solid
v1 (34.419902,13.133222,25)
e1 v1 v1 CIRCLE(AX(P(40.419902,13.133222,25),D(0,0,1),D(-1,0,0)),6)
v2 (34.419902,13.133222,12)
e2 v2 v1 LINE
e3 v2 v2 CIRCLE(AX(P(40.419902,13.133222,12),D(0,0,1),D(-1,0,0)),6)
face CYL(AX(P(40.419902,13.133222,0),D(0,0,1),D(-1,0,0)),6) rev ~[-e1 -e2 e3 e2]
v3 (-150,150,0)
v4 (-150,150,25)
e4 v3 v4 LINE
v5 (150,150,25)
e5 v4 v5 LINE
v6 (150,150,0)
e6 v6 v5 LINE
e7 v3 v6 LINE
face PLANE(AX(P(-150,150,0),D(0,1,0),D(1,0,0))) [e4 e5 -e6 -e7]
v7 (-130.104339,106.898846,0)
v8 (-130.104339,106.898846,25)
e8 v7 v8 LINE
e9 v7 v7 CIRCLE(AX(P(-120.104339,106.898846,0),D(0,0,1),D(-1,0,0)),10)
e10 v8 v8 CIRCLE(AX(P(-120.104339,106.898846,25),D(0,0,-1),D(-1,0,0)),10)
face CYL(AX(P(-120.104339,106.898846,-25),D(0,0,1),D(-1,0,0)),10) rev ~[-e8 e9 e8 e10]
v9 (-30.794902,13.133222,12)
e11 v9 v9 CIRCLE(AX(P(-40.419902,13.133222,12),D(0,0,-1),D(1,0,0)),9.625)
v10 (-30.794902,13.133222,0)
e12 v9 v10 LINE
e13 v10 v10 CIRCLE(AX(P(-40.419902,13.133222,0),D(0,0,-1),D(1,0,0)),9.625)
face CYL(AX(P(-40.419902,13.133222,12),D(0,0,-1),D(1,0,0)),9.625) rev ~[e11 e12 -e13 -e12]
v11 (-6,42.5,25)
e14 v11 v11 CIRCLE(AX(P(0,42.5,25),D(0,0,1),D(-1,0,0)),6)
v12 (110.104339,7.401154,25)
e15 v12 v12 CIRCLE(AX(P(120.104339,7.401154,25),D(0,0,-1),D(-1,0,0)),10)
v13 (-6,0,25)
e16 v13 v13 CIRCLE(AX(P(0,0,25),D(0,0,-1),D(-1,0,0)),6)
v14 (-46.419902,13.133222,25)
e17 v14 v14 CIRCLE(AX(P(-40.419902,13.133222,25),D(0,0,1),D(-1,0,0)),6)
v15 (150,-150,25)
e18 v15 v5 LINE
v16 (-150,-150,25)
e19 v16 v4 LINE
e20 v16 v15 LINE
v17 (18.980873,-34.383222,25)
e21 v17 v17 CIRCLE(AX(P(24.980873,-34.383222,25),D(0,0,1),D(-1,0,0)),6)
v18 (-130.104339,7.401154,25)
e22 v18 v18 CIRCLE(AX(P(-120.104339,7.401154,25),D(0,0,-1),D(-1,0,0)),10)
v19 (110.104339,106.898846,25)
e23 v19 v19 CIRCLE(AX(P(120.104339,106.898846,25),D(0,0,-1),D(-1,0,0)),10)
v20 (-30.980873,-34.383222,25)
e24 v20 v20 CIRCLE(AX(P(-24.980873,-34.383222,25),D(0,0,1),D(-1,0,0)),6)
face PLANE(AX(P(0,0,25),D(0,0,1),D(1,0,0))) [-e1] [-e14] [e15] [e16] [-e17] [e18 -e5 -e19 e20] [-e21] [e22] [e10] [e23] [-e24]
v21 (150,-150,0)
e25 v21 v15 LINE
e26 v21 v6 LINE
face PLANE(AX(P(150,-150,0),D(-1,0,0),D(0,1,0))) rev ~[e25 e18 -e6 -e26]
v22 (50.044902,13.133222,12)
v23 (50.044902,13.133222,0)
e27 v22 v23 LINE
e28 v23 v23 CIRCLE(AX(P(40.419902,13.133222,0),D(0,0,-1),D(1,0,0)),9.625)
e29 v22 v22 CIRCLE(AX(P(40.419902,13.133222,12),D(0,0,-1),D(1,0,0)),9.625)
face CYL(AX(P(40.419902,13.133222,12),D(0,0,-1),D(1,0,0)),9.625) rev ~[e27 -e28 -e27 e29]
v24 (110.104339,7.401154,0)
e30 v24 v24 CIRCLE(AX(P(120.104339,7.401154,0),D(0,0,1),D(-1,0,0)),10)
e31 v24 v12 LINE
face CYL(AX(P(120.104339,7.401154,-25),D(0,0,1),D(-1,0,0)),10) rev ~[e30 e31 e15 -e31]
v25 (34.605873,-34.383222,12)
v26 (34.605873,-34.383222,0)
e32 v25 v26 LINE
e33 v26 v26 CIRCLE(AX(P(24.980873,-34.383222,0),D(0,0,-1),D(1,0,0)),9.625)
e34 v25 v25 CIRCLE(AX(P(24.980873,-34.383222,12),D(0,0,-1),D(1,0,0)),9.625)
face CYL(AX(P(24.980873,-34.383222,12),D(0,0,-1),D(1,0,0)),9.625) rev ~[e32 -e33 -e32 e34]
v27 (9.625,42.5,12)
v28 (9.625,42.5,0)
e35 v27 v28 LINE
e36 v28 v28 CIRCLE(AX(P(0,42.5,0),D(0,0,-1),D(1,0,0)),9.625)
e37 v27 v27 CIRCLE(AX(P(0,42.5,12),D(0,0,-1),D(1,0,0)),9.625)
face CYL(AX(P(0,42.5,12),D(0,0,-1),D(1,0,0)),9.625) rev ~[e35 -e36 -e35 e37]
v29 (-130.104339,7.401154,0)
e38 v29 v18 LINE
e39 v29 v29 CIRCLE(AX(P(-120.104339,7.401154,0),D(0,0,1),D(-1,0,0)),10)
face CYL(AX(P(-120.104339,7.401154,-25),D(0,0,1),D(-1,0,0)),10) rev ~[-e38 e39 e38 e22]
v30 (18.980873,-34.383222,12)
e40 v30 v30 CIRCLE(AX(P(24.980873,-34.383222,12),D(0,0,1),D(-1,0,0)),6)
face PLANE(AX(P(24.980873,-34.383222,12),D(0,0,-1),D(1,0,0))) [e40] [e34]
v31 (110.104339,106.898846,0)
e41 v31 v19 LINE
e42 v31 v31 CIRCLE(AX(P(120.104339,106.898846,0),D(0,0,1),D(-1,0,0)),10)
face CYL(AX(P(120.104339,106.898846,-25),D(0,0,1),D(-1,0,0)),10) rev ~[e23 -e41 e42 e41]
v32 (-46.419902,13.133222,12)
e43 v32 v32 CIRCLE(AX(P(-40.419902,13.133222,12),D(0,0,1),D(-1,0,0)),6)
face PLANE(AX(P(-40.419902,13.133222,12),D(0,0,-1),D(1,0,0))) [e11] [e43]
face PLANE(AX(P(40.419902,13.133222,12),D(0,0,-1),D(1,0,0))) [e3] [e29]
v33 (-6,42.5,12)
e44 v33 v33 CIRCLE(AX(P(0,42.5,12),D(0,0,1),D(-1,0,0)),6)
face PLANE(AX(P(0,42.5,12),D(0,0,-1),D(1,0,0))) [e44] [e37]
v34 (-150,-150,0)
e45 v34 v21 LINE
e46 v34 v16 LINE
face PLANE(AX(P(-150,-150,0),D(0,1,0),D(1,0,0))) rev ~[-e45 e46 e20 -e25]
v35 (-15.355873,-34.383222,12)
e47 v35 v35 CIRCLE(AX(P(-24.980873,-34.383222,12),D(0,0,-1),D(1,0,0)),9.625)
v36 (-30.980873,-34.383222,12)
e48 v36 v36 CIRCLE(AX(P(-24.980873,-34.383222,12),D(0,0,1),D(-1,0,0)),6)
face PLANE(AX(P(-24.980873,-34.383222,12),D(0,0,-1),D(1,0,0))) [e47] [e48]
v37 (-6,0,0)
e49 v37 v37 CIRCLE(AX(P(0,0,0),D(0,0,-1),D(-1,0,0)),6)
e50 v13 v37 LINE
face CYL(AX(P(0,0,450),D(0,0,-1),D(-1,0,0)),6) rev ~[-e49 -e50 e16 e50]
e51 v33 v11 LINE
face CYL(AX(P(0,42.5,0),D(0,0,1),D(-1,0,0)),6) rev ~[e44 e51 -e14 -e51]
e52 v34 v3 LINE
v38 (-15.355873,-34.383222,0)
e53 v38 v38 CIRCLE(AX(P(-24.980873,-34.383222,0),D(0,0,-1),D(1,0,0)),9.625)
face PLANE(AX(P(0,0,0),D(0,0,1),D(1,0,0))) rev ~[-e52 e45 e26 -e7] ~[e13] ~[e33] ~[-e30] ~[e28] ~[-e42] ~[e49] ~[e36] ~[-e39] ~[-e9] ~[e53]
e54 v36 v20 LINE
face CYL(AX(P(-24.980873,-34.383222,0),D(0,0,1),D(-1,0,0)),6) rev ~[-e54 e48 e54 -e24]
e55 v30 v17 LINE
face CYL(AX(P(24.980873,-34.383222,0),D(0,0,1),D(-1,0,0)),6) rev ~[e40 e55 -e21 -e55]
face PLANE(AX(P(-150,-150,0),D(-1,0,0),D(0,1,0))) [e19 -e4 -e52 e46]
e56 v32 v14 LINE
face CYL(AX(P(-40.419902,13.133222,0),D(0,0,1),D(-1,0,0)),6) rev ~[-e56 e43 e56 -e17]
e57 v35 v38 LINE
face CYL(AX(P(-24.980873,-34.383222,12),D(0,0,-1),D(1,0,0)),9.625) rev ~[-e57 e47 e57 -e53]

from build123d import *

# Parameters (mm, degrees)
F0_W           = 300
F0_H           = 300
F1_DEPTH       = 25
F4_D           = 12
F4_DEPTH       = 35.25
F4_CBORE_D     = 19.25
F4_CBORE_DEPTH = 12
F4_TIP         = 3.6051637142
F5_D           = 12
F6_D           = 20
F6_DEPTH       = 25
F6_TIP         = 6.0086061903


with BuildPart() as f1:
    # F0 (on Top) → F1 (new body)
    with BuildSketch(Plane.XY):
        Rectangle(F0_W, F0_H)
    extrude(amount=F1_DEPTH)

    # F4
    with Locations(Plane(origin=(0, 0, 0), x_dir=(1, 0, 0), z_dir=(0, 0, -1))):
        with Locations((0, -42.5), (-40.4199019425, -13.1332222609), (-24.9808732224, 34.3832222609), (24.9808732224, 34.3832222609), (40.4199019425, -13.1332222609)):
            CounterBoreHole(F4_D / 2, F4_CBORE_D / 2, F4_CBORE_DEPTH, depth=F4_DEPTH)
            with Locations((0, 0, -(F4_DEPTH + F4_TIP / 2))):  # 118° drill point
                Cone(0, F4_D / 2, F4_TIP, mode=Mode.SUBTRACT)

    # F5 (through all)
    with Locations(Plane.XY.offset(25)):
        with Locations((0, 0)):
            Hole(F5_D / 2)

    # F6
    with Locations(Plane(origin=(0, 0, 0), x_dir=(1, 0, 0), z_dir=(0, 0, -1))):
        with Locations((-120.1043392265, -106.8988462075), (-120.1043392265, -7.4011537925), (120.1043392265, -7.4011537925), (120.1043392265, -106.8988462075)):
            Hole(F6_D / 2, depth=F6_DEPTH)
            with Locations((0, 0, -(F6_DEPTH + F6_TIP / 2))):  # 118° drill point
                Cone(0, F6_D / 2, F6_TIP, mode=Mode.SUBTRACT)


solid = f1.part
